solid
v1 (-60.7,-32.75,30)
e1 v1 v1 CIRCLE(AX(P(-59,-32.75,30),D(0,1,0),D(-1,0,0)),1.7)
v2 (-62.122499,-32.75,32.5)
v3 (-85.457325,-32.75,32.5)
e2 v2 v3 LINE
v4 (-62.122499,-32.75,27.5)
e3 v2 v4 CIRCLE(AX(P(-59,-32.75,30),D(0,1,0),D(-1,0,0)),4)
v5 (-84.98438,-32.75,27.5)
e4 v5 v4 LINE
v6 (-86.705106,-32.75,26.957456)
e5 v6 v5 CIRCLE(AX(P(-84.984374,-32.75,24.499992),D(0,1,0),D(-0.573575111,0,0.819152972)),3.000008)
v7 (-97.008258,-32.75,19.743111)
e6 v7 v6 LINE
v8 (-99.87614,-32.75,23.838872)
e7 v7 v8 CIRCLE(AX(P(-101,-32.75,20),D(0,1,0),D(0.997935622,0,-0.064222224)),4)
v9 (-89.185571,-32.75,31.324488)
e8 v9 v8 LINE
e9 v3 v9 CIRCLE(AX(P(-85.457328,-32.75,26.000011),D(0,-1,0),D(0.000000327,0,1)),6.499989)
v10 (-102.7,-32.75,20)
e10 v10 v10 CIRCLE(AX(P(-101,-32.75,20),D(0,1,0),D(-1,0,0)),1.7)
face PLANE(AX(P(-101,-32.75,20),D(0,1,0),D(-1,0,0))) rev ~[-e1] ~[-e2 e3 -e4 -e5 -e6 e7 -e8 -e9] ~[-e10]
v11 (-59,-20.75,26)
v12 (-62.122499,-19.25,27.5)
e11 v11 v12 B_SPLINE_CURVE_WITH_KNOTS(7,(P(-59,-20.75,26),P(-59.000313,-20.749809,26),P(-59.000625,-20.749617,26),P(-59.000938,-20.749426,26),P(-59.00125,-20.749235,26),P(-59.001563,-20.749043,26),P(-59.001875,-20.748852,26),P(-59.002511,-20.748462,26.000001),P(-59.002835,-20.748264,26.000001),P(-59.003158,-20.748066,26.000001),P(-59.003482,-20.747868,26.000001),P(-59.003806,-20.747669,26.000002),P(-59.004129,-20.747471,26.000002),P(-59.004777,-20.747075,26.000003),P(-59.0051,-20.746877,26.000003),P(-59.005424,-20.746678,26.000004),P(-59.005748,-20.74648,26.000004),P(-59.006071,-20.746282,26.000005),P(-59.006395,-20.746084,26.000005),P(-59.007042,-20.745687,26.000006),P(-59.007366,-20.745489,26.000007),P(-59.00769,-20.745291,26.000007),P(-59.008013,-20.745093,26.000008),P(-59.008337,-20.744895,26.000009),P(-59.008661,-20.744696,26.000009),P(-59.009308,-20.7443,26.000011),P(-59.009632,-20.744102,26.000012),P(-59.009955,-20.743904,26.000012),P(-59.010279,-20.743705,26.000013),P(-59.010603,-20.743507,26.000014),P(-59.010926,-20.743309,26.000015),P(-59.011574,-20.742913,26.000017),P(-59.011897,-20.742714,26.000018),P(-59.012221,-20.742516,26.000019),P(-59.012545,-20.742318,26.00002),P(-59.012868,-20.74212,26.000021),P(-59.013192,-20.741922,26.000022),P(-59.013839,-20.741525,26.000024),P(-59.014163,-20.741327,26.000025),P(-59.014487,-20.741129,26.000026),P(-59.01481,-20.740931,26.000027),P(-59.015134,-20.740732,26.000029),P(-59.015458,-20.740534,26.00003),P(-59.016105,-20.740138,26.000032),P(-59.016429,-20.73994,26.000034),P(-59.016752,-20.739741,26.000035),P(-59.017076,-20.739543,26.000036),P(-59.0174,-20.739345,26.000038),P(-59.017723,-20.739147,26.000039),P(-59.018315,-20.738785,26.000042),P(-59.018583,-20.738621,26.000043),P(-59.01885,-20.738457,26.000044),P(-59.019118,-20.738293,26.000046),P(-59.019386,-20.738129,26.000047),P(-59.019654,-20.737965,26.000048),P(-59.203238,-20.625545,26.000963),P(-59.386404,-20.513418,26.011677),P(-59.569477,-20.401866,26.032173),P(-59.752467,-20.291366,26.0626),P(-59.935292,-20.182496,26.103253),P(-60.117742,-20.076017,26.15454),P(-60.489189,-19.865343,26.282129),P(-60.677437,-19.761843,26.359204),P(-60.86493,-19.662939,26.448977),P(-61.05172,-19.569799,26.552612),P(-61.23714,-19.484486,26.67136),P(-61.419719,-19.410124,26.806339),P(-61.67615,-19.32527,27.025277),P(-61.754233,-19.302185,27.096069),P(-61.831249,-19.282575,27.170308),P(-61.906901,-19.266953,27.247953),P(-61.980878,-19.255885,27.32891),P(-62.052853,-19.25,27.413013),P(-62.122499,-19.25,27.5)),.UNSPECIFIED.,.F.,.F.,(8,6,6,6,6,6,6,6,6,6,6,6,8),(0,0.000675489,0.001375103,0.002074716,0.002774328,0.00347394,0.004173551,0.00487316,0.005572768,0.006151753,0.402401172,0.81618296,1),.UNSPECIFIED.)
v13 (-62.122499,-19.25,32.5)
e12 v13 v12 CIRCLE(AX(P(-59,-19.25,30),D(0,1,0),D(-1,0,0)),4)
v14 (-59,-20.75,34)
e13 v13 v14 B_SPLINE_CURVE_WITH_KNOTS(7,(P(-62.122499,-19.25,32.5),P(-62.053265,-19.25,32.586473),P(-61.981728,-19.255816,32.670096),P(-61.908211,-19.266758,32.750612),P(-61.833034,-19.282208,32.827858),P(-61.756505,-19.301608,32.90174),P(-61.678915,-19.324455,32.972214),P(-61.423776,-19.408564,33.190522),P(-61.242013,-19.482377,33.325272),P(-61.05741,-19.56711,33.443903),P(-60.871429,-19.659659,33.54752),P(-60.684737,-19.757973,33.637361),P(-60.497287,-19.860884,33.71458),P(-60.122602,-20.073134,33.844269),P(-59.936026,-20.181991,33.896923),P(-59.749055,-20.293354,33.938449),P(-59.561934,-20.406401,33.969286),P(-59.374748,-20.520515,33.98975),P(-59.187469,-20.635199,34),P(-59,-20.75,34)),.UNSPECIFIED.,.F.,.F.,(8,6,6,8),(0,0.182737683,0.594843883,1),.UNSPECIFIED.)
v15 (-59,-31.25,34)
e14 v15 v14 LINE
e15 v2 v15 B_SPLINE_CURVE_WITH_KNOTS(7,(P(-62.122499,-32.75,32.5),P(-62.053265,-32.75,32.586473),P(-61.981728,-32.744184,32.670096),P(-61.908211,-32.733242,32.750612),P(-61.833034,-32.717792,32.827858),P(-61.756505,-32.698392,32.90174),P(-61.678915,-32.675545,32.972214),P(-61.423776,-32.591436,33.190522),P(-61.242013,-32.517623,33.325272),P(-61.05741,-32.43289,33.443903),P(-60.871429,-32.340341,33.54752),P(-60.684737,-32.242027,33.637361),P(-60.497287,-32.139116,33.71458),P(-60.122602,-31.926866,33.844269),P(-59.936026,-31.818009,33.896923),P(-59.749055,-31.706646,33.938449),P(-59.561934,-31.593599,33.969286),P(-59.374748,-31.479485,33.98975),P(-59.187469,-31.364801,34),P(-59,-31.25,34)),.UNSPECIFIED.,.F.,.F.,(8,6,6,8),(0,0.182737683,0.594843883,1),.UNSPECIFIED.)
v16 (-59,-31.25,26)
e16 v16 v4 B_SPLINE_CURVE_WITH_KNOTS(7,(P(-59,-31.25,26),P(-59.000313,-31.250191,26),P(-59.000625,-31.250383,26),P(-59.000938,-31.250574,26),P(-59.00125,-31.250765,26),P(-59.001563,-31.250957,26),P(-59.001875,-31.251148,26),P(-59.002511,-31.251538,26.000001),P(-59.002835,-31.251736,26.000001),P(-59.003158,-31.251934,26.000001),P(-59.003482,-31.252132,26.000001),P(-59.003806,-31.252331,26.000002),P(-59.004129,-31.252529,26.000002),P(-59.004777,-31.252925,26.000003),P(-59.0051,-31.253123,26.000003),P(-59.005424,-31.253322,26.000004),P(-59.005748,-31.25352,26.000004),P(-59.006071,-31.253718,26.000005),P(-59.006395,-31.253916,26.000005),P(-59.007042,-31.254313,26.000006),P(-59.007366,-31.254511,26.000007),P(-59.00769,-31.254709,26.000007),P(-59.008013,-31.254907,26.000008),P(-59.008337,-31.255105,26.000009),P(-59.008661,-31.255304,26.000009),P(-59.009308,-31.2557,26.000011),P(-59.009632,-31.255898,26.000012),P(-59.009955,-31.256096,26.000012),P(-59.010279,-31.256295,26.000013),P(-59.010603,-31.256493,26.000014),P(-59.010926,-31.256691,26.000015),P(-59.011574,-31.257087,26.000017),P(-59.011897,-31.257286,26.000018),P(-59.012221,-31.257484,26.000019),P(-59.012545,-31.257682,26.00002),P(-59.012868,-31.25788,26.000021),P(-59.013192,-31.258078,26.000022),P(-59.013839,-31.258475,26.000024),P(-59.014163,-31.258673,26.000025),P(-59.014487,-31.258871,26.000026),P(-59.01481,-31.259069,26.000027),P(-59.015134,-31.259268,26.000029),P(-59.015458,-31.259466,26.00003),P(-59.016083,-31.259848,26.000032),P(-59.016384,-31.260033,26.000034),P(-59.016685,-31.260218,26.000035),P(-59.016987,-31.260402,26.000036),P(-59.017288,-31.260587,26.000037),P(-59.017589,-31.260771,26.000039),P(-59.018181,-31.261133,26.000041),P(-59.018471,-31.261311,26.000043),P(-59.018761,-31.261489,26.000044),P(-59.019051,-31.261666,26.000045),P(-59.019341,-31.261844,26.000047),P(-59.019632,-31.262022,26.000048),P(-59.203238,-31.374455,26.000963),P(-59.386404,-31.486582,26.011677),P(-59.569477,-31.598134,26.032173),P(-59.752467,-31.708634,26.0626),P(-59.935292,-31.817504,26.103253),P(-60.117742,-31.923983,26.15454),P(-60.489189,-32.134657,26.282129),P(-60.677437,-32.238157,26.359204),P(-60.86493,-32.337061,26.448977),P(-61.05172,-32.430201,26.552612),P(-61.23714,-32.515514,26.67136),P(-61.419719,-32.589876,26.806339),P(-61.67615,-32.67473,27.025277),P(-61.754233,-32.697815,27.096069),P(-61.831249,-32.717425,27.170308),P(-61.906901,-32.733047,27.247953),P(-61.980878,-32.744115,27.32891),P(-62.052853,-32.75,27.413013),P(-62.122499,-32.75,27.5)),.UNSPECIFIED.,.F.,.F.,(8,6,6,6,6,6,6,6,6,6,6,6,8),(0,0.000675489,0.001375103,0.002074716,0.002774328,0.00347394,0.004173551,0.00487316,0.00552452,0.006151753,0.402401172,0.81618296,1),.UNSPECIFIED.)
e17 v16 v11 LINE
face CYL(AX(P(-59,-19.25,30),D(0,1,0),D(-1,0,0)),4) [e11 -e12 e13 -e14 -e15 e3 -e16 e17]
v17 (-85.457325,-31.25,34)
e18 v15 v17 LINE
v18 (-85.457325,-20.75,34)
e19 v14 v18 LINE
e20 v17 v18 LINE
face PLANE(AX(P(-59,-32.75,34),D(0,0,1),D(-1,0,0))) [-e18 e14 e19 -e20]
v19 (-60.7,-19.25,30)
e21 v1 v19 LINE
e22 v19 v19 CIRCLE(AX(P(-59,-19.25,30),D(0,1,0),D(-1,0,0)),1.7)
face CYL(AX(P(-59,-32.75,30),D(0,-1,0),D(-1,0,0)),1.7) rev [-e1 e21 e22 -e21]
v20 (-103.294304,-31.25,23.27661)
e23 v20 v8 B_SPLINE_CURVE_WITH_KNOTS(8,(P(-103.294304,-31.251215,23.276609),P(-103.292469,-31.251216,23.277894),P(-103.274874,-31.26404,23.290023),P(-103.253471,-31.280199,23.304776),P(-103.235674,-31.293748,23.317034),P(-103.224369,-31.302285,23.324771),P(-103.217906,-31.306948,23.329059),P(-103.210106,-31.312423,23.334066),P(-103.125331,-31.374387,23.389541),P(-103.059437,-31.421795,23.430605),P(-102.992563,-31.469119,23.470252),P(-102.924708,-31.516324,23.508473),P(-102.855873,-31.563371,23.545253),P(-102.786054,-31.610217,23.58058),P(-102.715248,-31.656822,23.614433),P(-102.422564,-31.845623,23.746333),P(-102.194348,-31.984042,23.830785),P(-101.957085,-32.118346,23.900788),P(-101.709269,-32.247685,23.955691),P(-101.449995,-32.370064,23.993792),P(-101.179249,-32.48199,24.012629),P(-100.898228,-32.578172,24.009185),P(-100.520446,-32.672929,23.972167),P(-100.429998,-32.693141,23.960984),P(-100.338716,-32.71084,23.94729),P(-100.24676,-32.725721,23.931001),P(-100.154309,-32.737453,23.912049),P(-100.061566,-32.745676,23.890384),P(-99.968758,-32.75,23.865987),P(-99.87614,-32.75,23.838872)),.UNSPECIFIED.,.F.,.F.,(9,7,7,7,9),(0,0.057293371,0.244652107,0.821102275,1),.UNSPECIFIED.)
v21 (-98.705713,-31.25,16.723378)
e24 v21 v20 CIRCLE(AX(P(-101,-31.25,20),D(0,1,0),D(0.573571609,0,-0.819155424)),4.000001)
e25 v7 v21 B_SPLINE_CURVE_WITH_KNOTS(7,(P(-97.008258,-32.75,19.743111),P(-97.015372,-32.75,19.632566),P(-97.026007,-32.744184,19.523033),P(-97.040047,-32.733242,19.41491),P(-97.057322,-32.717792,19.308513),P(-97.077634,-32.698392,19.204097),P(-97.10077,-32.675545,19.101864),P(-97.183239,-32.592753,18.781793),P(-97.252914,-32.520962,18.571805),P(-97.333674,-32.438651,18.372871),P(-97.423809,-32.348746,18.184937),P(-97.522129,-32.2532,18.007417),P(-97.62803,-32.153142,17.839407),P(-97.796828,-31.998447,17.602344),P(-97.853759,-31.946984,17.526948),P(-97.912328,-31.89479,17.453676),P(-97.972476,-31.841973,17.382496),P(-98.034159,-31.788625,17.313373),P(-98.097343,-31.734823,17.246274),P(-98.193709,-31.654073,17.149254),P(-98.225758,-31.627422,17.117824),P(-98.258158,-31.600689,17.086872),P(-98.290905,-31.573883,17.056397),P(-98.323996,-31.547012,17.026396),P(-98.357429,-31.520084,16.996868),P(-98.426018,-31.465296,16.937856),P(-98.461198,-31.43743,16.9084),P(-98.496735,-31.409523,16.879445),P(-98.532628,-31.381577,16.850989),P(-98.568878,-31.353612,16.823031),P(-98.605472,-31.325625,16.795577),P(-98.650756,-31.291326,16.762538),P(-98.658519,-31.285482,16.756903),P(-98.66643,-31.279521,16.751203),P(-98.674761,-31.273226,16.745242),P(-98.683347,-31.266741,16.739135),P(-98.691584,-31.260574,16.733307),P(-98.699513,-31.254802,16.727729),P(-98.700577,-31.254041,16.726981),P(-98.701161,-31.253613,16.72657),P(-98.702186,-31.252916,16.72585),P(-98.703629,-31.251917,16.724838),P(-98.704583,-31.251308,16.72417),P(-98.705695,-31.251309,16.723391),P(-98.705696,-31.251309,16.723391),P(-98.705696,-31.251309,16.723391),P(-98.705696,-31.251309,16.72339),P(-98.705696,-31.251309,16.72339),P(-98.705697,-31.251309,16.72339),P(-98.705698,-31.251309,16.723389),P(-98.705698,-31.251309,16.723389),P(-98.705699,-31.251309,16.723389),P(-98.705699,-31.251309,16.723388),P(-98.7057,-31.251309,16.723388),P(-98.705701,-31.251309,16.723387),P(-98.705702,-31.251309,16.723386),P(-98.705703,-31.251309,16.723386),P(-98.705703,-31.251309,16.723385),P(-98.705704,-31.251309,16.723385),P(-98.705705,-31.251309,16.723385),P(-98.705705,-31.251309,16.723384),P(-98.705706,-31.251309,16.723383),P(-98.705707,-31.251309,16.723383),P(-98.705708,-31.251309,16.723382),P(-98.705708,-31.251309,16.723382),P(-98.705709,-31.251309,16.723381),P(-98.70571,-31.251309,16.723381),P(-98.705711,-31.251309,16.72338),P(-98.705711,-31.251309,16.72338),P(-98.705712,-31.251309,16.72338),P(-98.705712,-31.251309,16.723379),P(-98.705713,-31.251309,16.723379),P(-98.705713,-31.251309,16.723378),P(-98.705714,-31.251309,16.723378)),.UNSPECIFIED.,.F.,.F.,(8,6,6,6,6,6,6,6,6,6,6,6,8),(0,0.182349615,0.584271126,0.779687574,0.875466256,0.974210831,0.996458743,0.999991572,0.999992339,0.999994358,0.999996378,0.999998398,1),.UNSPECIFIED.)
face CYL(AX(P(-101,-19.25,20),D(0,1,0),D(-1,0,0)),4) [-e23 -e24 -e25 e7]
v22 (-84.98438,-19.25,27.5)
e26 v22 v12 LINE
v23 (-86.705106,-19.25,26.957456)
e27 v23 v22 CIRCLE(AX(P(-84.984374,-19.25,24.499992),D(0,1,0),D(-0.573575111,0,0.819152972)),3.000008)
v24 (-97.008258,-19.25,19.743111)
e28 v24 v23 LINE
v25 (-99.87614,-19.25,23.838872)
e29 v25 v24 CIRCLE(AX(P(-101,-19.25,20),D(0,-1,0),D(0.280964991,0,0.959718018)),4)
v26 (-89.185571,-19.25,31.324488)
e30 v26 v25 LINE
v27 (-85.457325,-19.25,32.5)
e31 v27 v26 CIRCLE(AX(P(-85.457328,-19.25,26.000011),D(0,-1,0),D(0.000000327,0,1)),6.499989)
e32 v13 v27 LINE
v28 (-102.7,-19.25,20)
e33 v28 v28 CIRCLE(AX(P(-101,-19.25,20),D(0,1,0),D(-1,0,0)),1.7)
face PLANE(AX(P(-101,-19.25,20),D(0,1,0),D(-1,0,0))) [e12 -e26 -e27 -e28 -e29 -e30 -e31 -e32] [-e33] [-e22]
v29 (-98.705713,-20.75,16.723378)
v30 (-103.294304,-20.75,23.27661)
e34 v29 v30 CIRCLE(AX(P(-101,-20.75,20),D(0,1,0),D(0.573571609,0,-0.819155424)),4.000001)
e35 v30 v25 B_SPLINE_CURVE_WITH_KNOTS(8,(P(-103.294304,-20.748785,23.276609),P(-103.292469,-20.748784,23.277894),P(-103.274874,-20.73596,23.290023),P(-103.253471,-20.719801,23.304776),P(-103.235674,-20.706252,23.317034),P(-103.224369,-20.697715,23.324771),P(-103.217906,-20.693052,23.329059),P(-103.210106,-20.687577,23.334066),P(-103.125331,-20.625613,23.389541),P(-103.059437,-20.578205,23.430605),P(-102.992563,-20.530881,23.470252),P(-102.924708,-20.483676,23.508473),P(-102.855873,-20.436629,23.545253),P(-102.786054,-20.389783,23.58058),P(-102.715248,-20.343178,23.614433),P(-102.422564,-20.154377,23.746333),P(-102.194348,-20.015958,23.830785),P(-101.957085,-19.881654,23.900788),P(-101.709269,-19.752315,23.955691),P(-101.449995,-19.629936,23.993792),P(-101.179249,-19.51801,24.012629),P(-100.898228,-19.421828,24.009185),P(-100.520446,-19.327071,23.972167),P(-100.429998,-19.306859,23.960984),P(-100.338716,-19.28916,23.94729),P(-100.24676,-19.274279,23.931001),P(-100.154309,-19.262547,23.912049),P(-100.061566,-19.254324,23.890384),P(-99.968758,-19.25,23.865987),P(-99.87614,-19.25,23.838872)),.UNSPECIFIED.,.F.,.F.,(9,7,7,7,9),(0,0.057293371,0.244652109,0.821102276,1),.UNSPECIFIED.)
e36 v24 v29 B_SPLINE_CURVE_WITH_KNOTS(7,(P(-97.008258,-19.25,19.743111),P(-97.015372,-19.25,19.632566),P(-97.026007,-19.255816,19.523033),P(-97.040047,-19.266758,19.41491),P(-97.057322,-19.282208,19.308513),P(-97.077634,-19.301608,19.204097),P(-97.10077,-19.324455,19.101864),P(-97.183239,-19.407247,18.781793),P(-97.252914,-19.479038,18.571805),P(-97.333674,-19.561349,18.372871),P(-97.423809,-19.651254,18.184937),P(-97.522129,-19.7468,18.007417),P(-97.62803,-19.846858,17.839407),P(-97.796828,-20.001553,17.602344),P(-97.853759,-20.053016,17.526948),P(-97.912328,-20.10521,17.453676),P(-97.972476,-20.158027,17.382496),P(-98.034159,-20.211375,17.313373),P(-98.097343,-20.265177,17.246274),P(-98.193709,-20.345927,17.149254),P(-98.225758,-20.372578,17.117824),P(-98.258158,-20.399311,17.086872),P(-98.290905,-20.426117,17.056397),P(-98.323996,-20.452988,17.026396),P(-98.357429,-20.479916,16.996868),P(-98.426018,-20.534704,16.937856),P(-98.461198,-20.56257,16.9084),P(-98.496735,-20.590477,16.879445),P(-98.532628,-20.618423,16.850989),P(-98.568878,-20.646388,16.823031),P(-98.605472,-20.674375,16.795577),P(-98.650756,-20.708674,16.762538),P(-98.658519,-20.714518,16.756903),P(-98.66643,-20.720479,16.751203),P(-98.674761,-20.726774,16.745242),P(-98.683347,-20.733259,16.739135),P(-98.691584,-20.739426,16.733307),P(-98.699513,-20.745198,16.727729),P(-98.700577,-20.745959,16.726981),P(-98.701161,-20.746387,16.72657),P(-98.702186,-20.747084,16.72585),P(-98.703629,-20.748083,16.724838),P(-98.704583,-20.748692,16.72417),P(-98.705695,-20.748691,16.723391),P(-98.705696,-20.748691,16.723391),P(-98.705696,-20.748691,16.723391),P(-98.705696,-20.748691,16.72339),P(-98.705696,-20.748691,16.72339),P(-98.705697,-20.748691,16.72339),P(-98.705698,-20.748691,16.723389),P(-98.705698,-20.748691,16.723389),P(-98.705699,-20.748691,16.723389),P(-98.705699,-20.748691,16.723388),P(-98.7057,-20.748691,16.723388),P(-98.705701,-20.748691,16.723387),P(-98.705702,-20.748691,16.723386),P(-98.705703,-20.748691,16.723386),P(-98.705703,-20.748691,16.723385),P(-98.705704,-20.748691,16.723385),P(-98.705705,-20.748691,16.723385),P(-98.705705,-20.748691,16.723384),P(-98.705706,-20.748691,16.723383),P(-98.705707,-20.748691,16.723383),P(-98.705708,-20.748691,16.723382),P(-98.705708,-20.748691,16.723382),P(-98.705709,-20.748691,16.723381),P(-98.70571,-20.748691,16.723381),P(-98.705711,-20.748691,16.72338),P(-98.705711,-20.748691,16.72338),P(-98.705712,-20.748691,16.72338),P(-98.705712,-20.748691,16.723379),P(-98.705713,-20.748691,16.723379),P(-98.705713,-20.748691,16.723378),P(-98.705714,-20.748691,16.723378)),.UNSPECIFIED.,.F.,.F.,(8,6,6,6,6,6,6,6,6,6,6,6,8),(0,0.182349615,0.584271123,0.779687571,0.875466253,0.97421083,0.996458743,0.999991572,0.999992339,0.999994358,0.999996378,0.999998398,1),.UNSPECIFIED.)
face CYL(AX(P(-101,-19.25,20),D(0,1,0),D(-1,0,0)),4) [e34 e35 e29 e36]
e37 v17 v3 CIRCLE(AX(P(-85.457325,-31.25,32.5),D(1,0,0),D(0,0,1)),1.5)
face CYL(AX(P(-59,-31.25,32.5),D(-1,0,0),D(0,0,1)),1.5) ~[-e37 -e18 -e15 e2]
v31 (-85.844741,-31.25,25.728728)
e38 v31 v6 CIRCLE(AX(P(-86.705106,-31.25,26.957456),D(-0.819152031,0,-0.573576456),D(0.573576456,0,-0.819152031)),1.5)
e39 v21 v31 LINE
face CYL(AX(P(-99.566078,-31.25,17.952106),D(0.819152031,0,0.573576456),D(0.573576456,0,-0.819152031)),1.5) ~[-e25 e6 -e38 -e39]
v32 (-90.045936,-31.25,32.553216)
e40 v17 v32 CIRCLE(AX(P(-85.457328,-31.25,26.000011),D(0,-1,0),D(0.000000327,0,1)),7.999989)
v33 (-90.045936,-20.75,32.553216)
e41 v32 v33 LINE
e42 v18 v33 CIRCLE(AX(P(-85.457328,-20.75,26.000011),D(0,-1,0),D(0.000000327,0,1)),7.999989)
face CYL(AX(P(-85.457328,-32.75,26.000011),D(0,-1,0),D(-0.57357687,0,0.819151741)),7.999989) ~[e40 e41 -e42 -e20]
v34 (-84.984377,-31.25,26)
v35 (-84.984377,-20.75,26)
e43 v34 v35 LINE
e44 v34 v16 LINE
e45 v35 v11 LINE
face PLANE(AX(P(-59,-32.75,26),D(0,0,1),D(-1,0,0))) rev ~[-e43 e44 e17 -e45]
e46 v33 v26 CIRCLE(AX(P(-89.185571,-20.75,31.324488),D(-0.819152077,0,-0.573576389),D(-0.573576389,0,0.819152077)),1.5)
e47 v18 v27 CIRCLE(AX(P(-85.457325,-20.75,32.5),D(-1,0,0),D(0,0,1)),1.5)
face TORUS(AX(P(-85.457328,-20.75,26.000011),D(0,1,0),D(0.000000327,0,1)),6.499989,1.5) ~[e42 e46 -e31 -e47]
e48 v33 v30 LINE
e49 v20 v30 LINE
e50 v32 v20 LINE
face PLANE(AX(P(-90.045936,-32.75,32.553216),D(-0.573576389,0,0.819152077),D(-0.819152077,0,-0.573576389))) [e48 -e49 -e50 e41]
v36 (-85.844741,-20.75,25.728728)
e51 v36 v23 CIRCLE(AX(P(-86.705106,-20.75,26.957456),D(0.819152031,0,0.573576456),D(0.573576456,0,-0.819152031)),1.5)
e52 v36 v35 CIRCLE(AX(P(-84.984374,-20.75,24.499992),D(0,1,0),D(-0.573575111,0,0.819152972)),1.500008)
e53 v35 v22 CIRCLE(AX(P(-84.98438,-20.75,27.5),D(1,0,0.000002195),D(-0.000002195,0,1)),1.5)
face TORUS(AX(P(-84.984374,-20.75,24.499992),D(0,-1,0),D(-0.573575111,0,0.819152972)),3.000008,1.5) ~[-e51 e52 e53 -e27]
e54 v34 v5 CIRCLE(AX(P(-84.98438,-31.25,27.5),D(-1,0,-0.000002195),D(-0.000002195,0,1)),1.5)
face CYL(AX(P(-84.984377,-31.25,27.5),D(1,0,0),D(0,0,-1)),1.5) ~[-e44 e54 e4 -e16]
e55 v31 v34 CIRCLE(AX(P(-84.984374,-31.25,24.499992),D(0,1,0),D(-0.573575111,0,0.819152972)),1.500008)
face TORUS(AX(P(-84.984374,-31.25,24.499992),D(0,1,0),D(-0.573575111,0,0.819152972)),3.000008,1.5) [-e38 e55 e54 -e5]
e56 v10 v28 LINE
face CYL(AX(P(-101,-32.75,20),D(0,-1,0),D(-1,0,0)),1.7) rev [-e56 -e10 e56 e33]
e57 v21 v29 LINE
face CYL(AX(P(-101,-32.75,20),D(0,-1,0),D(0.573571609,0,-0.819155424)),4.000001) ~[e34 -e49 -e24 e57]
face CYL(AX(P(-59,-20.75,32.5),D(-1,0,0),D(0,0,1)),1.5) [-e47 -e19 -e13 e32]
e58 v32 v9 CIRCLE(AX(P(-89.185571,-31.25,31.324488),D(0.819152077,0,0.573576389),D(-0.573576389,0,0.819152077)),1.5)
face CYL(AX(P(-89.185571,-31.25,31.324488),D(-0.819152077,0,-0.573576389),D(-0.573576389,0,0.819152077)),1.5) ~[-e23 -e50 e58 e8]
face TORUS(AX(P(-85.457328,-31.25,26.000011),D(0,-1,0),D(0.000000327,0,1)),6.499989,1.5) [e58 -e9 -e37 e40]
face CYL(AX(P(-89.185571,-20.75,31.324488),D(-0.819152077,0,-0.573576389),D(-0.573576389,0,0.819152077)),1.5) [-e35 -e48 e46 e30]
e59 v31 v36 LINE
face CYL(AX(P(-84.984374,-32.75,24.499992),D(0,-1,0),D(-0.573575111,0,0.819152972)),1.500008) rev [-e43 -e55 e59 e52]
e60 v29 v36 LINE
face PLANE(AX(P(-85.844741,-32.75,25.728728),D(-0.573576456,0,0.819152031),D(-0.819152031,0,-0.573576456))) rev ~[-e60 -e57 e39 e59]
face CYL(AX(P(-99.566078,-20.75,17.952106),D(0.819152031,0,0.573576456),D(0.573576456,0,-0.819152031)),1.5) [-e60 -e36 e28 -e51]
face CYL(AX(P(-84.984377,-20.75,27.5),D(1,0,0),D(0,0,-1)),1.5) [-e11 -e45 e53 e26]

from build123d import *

# Parameters (mm, degrees)
SKETCH007_R   = 1.7
PAD019_DEPTH  = 13.5
FILLET006_R   = 1.5
SKETCH035_R   = 4
SKETCH035_R_2 = 1.7
PAD020_DEPTH  = 13.5


with BuildPart() as part:
    # Sketch007 → Pad019 (new body)
    with BuildSketch(Plane(origin=(0, 19.25, 0), x_dir=(-1, 0, 0), z_dir=(0, 1, 0))):
        with BuildLine():
            ThreePointArc((12, 26), (8, 22), (12, 18))
            Line((12, 18), (37.984377, 18))
            ThreePointArc((38.844741, 17.728728), (38.435435, 17.930575), (37.984377, 18))
            Line((38.844741, 17.728728), (51.705713, 8.723378))
            ThreePointArc((51.705713, 8.723378), (57.276616, 9.705705), (56.294304, 15.27661))
            Line((43.045936, 24.553216), (56.294304, 15.27661))
            ThreePointArc((43.045936, 24.553216), (40.862971, 25.629736), (38.457325, 26))
            Line((12, 26), (38.457325, 26))
        make_face()
        with Locations((12, 22)):
            Circle(SKETCH007_R, mode=Mode.SUBTRACT)
        with Locations((54, 12)):
            Circle(SKETCH007_R, mode=Mode.SUBTRACT)
    extrude(amount=PAD019_DEPTH)

    # Fillet006
    fillet006_edges = [part.edges().sort_by_distance(p)[0] for p in [
        (-49.67012, 32.75, 19.914913),
        (-49.67012, 19.25, 19.914913),
    ]]
    fillet(fillet006_edges, radius=FILLET006_R)

    # Sketch035 (on Face12 of Fillet006) → Pad020 (join)
    with BuildSketch(Plane(origin=(0, 32.75, 0), x_dir=(-1, 0, 0), z_dir=(0, 1, 0))):
        with Locations((54, 12)):
            Circle(SKETCH035_R)
        with Locations((54, 12)):
            Circle(SKETCH035_R_2, mode=Mode.SUBTRACT)
        with Locations((12, 22)):
            Circle(SKETCH035_R)
        with Locations((12, 22)):
            Circle(SKETCH035_R_2, mode=Mode.SUBTRACT)
    extrude(amount=-PAD020_DEPTH)


with BuildPart() as part_1:
    # Body002 placement: moved
    add(part.part.moved(Location((0, -5, 0))))


with BuildPart() as part_2:
    # Clone163 placement: moved
    add(part_1.part.moved(Location((-47, -47, 8))))


solid = part_2.part
